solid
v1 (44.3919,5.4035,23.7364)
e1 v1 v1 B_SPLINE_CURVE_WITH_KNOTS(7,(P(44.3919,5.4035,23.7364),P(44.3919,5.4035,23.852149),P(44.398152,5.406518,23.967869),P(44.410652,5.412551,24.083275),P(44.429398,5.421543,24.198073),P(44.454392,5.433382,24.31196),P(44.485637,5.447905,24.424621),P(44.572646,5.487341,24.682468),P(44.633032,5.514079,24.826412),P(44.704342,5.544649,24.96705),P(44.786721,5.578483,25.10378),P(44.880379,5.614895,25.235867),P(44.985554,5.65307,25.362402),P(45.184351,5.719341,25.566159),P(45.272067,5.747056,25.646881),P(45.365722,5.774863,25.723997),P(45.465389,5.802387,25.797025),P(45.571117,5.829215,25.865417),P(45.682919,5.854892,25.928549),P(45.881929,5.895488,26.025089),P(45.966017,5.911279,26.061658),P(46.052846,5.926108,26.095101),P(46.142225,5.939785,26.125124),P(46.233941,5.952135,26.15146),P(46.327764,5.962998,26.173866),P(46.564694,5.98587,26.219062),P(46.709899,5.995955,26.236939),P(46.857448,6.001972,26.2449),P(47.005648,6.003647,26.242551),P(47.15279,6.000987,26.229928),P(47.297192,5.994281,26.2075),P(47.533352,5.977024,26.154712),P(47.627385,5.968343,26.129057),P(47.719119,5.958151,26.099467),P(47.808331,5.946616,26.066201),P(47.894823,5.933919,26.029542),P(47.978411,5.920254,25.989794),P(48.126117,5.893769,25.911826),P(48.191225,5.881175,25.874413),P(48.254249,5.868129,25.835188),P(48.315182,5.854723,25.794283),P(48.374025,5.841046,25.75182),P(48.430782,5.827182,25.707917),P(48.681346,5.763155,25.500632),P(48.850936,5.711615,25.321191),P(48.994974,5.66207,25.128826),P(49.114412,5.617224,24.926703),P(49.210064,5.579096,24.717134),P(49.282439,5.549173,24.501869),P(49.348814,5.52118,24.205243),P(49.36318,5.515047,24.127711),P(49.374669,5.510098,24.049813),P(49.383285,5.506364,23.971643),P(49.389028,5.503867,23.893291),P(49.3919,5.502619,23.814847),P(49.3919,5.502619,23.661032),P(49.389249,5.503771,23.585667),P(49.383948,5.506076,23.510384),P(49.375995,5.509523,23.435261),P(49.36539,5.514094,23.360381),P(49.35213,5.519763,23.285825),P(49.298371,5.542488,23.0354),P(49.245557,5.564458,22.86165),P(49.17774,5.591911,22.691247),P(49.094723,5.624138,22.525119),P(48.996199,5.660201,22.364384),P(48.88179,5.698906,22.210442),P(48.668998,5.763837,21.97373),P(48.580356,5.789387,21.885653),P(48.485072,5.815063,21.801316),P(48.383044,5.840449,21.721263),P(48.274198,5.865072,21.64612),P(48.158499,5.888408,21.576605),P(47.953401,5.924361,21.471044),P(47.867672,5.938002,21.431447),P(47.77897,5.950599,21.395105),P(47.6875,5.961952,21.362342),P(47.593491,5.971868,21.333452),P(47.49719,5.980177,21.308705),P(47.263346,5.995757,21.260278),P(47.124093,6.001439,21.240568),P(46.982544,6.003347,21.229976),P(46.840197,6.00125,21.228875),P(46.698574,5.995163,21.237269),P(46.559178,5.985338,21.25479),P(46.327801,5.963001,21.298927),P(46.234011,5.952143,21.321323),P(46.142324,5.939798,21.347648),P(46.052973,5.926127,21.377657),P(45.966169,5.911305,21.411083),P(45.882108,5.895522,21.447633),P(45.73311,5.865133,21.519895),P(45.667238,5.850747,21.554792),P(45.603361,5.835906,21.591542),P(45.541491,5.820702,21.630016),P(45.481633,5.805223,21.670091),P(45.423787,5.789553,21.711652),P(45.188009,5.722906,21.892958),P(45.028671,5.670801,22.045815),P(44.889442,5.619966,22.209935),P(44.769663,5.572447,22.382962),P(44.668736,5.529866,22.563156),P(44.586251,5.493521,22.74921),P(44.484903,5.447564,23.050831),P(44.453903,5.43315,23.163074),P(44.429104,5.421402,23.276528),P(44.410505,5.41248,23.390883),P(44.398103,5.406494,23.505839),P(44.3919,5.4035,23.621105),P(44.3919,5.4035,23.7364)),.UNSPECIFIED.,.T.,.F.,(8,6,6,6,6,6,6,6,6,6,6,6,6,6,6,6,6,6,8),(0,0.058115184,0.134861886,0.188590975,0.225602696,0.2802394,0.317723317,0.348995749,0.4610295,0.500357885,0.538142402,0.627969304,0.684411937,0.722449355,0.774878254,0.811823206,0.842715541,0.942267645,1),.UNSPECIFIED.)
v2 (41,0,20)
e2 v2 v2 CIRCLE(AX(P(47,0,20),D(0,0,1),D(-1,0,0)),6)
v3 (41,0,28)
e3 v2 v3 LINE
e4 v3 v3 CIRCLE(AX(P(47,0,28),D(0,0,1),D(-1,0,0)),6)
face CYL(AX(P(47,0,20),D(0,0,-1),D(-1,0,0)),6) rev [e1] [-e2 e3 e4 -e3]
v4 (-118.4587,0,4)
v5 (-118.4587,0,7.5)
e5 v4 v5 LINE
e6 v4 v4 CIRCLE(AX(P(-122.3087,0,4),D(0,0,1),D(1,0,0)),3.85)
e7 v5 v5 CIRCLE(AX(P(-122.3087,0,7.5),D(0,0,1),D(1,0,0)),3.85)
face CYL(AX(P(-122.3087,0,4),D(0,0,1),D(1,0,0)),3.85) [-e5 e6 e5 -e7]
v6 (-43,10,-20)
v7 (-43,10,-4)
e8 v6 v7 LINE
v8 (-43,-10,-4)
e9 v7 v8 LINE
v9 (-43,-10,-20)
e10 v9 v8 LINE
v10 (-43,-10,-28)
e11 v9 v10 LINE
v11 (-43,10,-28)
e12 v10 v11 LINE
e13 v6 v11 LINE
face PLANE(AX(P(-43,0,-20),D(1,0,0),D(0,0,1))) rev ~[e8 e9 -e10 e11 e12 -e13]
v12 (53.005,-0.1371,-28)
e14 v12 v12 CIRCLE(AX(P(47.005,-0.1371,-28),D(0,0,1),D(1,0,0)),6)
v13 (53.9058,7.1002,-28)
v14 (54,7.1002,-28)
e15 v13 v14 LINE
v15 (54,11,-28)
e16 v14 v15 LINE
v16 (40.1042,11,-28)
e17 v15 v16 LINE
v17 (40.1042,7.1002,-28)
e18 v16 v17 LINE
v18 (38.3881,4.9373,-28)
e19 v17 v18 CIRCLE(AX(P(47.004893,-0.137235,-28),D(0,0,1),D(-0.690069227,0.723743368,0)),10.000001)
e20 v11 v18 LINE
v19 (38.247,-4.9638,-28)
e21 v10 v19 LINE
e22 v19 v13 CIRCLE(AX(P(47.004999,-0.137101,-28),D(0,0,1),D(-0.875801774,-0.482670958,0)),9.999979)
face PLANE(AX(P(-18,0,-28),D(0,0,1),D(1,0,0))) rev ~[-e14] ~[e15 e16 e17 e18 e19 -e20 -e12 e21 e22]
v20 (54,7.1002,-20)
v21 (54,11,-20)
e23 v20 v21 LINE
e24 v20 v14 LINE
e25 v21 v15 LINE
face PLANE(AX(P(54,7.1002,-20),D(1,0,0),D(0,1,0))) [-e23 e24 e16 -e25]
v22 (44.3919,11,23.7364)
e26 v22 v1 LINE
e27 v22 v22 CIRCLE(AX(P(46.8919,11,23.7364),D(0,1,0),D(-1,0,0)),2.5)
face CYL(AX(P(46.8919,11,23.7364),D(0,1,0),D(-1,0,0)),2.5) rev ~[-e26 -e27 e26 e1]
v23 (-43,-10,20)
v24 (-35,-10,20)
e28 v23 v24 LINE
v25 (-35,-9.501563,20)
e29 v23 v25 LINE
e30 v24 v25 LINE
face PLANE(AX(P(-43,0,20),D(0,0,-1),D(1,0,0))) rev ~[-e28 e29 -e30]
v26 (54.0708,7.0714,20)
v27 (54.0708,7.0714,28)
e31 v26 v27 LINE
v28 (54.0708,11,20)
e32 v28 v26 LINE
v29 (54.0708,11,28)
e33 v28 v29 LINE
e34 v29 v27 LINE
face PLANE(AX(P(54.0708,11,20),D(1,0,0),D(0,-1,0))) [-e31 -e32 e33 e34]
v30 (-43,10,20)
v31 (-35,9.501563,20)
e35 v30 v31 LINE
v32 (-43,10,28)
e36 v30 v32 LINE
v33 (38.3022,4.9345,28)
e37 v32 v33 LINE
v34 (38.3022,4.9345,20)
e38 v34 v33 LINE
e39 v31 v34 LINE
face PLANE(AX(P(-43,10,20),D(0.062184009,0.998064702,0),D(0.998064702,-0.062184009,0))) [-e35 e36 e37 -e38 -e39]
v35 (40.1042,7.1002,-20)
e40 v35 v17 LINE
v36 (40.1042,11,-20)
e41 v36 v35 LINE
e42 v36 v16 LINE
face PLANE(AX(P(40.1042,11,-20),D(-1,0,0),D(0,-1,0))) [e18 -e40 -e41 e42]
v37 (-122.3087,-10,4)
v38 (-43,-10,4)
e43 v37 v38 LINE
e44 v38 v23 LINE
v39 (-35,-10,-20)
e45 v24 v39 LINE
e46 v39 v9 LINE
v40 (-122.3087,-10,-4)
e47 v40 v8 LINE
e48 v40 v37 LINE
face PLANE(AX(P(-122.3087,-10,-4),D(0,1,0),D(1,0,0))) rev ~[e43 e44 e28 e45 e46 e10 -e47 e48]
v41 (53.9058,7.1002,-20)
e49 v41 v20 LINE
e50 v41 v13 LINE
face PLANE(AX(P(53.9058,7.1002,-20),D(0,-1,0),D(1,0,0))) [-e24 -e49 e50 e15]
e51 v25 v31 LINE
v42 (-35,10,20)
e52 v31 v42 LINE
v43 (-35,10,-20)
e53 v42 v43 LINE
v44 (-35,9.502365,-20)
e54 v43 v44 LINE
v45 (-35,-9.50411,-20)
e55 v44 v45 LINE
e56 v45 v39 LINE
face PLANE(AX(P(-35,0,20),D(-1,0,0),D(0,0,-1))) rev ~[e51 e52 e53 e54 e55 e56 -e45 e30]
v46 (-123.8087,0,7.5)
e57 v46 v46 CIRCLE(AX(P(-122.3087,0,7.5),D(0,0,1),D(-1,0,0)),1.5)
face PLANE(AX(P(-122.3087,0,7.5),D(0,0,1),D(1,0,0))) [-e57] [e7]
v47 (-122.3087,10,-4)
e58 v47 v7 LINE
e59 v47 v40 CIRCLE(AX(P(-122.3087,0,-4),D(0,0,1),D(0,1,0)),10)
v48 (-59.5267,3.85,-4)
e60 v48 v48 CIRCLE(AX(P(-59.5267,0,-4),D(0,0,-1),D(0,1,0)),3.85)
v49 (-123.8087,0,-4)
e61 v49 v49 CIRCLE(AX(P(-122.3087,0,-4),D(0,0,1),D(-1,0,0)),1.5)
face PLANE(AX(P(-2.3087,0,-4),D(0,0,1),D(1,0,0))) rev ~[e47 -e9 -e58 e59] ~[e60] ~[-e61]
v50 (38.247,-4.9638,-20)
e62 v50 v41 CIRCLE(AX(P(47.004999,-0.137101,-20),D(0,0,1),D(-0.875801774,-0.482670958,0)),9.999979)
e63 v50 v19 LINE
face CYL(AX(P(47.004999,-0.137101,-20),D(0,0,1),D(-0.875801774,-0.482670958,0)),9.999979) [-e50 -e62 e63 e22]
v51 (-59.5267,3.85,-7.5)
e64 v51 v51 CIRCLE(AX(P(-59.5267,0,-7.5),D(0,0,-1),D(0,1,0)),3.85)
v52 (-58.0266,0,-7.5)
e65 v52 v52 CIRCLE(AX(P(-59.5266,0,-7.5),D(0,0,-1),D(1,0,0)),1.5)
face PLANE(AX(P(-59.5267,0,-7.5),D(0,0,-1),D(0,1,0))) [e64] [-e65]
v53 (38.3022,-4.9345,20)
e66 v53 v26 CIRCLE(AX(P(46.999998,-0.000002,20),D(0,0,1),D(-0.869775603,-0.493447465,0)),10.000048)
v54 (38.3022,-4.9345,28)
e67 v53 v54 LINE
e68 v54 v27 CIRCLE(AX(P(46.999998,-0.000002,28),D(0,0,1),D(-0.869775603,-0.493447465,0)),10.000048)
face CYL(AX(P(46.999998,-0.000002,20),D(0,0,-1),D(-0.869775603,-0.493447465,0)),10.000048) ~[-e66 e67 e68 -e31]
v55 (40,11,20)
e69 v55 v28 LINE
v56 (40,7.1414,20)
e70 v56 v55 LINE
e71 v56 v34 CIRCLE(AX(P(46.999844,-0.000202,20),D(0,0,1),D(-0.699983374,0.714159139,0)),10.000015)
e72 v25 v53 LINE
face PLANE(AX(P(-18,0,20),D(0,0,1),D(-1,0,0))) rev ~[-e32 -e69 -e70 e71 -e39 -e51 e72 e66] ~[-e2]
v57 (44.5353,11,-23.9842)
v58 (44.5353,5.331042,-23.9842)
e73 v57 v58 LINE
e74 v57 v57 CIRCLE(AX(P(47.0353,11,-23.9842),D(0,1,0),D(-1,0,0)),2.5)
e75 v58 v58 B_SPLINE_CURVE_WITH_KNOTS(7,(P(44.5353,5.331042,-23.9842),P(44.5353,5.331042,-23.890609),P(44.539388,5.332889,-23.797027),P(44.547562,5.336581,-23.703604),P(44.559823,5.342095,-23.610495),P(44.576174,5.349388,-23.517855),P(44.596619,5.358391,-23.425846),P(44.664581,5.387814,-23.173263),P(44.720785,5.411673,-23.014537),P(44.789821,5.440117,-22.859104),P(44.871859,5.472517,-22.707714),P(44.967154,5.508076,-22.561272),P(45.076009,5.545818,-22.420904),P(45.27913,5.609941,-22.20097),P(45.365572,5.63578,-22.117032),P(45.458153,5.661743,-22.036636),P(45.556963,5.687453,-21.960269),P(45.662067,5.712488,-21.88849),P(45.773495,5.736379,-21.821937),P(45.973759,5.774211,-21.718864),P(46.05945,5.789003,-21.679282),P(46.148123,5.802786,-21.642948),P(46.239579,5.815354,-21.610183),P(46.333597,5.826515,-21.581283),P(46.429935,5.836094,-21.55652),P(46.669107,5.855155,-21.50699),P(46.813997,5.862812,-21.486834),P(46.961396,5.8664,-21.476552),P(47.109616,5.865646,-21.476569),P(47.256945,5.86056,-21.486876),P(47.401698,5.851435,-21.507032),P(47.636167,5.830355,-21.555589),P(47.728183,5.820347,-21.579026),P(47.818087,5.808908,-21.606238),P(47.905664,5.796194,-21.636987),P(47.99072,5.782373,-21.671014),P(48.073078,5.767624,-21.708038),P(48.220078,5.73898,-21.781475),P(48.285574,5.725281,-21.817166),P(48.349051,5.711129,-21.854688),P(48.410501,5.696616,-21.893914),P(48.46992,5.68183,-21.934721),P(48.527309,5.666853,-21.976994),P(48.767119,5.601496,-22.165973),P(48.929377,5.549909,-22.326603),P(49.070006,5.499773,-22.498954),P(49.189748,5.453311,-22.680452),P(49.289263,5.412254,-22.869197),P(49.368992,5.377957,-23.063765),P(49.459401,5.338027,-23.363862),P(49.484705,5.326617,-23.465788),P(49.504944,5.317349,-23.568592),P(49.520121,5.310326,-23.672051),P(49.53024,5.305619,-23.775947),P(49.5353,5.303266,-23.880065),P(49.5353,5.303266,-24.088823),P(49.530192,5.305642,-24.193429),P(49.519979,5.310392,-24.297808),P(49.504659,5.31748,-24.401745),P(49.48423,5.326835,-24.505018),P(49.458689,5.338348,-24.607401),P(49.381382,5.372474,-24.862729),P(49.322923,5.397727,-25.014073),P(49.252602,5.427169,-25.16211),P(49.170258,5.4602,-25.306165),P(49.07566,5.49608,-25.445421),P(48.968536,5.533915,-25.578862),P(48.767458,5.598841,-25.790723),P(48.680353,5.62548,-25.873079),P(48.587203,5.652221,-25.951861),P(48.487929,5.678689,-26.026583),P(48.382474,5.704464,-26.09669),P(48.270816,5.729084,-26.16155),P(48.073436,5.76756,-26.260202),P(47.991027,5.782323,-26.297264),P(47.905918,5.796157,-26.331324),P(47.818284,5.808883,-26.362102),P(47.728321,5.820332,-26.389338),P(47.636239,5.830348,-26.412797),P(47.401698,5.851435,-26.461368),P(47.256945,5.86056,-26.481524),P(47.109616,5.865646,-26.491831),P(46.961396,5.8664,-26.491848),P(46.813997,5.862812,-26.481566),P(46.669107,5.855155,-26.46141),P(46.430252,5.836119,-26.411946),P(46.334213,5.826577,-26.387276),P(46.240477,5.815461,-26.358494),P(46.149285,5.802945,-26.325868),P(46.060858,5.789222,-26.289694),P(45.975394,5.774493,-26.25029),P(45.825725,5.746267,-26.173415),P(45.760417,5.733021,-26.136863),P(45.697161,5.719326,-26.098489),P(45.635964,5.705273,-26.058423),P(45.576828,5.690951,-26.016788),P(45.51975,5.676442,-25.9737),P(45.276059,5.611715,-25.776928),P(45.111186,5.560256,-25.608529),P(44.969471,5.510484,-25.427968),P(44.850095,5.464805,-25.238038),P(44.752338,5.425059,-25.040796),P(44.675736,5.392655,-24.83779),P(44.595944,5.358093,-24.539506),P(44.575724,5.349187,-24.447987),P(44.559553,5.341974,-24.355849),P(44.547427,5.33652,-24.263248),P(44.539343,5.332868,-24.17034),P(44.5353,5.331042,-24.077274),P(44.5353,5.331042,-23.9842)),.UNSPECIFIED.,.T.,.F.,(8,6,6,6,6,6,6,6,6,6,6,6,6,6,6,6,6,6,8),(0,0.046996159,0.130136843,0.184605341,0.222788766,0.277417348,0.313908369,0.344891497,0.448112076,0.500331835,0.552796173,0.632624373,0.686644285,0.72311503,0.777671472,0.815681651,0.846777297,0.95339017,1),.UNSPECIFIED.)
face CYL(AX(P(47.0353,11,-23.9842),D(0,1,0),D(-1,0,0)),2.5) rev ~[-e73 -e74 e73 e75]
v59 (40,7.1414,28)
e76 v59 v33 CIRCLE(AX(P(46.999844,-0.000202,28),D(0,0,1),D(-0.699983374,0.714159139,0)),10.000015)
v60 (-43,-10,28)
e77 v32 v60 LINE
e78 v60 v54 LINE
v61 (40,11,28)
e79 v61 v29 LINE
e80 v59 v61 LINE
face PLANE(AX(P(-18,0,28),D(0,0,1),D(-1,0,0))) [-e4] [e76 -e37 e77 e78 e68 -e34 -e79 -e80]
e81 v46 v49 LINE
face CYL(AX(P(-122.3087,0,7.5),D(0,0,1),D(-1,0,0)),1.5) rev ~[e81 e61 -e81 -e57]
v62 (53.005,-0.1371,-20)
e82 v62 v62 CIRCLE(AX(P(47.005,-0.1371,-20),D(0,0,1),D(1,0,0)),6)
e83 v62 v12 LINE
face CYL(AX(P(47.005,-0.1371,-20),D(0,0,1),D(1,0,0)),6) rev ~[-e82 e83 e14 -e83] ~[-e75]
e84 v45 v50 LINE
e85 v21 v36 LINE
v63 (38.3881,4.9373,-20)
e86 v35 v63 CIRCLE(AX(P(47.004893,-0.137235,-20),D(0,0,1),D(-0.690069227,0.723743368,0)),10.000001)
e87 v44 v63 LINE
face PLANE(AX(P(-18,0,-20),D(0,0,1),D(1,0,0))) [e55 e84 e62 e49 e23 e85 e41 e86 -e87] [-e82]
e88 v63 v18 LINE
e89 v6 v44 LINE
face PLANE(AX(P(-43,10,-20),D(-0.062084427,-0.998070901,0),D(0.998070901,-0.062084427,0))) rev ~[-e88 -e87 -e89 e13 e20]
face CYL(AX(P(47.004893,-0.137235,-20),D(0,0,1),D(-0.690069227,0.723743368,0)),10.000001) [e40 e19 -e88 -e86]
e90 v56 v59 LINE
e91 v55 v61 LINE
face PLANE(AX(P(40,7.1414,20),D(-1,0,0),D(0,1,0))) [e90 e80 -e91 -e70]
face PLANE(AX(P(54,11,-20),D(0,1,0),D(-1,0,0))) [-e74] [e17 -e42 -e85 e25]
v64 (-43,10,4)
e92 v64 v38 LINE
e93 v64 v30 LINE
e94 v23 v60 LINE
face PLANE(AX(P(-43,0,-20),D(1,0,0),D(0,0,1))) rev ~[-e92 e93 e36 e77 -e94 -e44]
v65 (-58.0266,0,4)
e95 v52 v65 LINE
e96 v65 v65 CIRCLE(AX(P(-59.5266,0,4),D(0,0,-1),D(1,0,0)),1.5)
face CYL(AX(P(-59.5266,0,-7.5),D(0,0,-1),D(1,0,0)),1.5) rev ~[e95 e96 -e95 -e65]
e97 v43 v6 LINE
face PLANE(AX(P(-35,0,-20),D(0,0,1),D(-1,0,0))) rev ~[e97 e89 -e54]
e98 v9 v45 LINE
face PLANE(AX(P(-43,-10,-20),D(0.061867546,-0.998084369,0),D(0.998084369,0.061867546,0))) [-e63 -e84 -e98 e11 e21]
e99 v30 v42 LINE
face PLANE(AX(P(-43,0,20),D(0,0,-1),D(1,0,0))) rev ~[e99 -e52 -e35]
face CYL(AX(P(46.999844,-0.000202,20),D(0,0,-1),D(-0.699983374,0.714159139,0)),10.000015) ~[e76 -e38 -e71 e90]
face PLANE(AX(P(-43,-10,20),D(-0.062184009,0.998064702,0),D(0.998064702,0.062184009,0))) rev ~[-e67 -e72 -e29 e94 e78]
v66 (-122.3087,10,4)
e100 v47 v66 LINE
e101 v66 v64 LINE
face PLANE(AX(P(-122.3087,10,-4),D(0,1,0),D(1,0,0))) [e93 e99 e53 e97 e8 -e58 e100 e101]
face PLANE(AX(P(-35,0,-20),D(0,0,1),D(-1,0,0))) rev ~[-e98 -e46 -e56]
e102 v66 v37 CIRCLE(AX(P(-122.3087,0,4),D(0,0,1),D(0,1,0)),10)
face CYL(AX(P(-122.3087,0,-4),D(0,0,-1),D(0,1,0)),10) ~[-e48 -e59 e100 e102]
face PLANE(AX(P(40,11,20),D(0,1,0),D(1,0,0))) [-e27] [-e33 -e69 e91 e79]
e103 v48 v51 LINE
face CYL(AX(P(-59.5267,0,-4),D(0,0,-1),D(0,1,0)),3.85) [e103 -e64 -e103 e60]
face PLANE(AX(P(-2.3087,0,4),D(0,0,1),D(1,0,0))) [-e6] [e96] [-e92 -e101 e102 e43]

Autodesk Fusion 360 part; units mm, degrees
sketch "Sketch1" plane through (0, 0, 0) normal (0, 0, 1) x (1, 0, 0)
  circle A0 centre (-60, 0) radius 3.75 construction
  circle A1 centre (-60, 0) radius 10 construction
  line L0 (-120, 10) -> (-40.6913, 10)
  line L1 (-120, -10) -> (-40.6913, -10)
  line L2 (-40.6913, 10) -> (-40.6913, -10)
  arc A2 (-120, 10) -> (-120, -10) centre (-120, 0) ccw
  dimension "d1" = 20
  dimension "d2" = 7.5
  dimension "d3" = 60
  dimension "d4" = 20
extrude "Extrude1" add sketch "Sketch1" along normal blind 8 makes body 1
sketch "Sketch2" plane through (0, 0, 0) normal (0, 1, 0) x (1, 0, 0)
  line L0 (-43, -20) -> (-35, -20)
  line L1 (-35, -20) -> (-35, 20)
  line L2 (-35, 20) -> (-43, 20)
  line L3 (-43, 20) -> (-43, -20)
  dimension "d7" = 8
  dimension "d8" = 40
extrude "Extrude2" add sketch "Sketch2" along normal blind 10 and the other way blind 10 separate body makes body 2
copy_body "Body->Comp1" bodies 1 removing the originals makes body 3 in component "section 1 (l4)"
copy_body "Body->Comp2" bodies 2 removing the originals makes body 4 in component "middle bit"
sketch "Sketch3" plane through (0, 0, 8) normal (0, 0, 1) x (-1, 0, 0)
  line L0 (40.6913, -10) -> (120, -10)
  arc A0 (120, -10) -> (120, 10) centre (120, 0) ccw
  line L1 (120, 10) -> (40.6913, 10)
  line L2 (40.6913, 10) -> (40.6913, -10)
  line L3 (25, -10) -> (25, 10)
  line L4 (25, -10) -> (-56.3022, -4.9345)
  line L5 (25, 10) -> (-56.3022, 4.9345)
  line L6 (-58, -11) -> (-72.0708, -11)
  line L7 (-72.0708, -11) -> (-72.0708, -7.0714)
  line L8 (-58, -7.0714) -> (-58, -11)
  arc A1 (-58, -7.1414) -> (-56.3022, -4.9345) centre (-65, 0) ccw
  arc A2 (-56.3022, 4.9345) -> (-72.0708, -7.0714) centre (-65, 0) ccw
  circle A3 centre (-65, 0) radius 6
  dimension "d17" = 20
  dimension "d18" = 90
  dimension "d19" = 12
extrude "Extrude3" add sketch "Sketch3" along normal blind 8 separate body contours L3 L4 L5 L6 L7 L8 A1 A2 makes body 5
sketch "Sketch5" plane through (0, 0, 0) normal (0, 0, 1) x (1, 0, 0)
  circle A0 centre (65.005, -0.1371) radius 6
  line L0 (-25, -10) -> (-25, 10)
  line L1 (-25, 10) -> (56.3881, 4.9373)
  line L2 (-25, -10) -> (56.247, -4.9638)
  line L3 (71.9058, 7.1002) -> (72, 7.1002)
  line L4 (72, 7.1002) -> (72, 11)
  line L5 (72, 11) -> (58.1042, 11)
  line L6 (58.1042, 11) -> (58.1042, 7.1002)
  arc A1 (56.247, -4.9638) -> (71.9058, 7.1002) centre (65.005, -0.1371) ccw
  arc A2 (58.1042, 7.1002) -> (56.3881, 4.9373) centre (65.005, -0.1371) ccw
  dimension "d24" = 20
  dimension "d25" = 12
extrude "Extrude4" add sketch "Sketch5" against normal blind 8 separate body makes body 6
copy_body "Body->Comp3" bodies 5 removing the originals makes body 7 in component "top arm "
copy_body "Body->Comp4" bodies 6 removing the originals makes body 8 in component "bottom arm"
cylinder "CylinderPrimitive1" add diameter 7.7 height 3.5 placed x (1, 0, 0) y (0, 1, 0) z (0, 0, 1) at (-120, 0, 8) bodies 3 in component "section 1 (l4)"
cylinder "CylinderPrimitive2" add diameter 7.7 height 3.5 placed x (0, 1, 0) y (1, 0, 0) z (0, 0, -1) at (-57.218, 0, 0) bodies 3 in component "section 1 (l4)"
sketch "Sketch9" plane through (-0.218, 11, 0) normal (0, 1, 0) x (-1, 0, 0)
  line L0 (-54.2887, 20) -> (-40.218, 20)
  line L1 (-40.218, 20) -> (-40.218, 28)
  line L2 (-40.218, 28) -> (-54.2887, 28)
  line L3 (-54.2887, 28) -> (-54.2887, 20)
  circle A0 centre (-47.1099, 23.7364) radius 2.5
  circle A1 centre (-47.2533, -23.9842) radius 2.5
  dimension "d44" = 5
  dimension "d45" = 5
extrude "Extrude1'" cut sketch "Sketch9" against normal blind 10 contours A0 | A1 sketch seen with x (1, 0, 0) y (0, 1, 0) z (0, 0, 1) at (18, 0, -12) bodies 7 in component "top arm "
extrude "Extrude1''" cut sketch "Sketch9" against normal blind 10 contours A0 | A1 sketch seen with x (1, 0, 0) y (0, 1, 0) z (0, 0, 1) at (18, 0, 20) bodies 8 in component "bottom arm"
combine "Combine1" operation add target body 3 tool bodies 7 8 4 body 7 seen with x (1, 0, 0) y (0, 1, 0) z (0, 0, 1) at (-15.6913, 0, 16) body 8 seen with x (1, 0, 0) y (0, 1, 0) z (0, 0, 1) at (-15.6913, 0, -16) body 4 seen with x (1, 0, 0) y (0, 1, 0) z (0, 0, 1) at (2.3087, 0, 4) in component "section 1 (l4)"
sketch "Sketch10" plane through (0, 0, 7.5) normal (0, 0, 1) x (-1, 0, 0)
  circle A0 centre (122.3087, 0) radius 3.85
  circle A1 centre (122.3087, 0) radius 1.5
  dimension "d50" = 3
extrude "Extrude1'''" cut sketch "Sketch10" against normal blind 18 contours A1 sketch seen with x (1, 0, 0) y (0, 1, 0) z (0, 0, 1) at (2.3087, 0, 4) bodies 3 in component "section 1 (l4)"
sketch "Sketch11" plane through (0, 0, -7.5) normal (0, 0, -1) x (1, 0, 0)
  circle A0 centre (-59.5266, 0) radius 3.85
  circle A1 centre (-59.5266, 0) radius 1.5
  dimension "d53" = 3
extrude "Extrude2'" cut sketch "Sketch11" against normal blind 14 contours A1 sketch seen with x (1, 0, 0) y (0, 1, 0) z (0, 0, 1) at (2.3087, 0, 4) bodies 3 in component "section 1 (l4)"
component "section 1 (l4)" placed x (1, 0, 0) y (0, 1, 0) z (0, 0, 1) at (-2.3087, 0, -4)
component "middle bit" placed x (1, 0, 0) y (0, 1, 0) z (0, 0, 1) at (0, 0, 0)
component "top arm " placed x (1, 0, 0) y (0, 1, 0) z (0, 0, 1) at (-18, 0, 12)
component "bottom arm" placed x (1, 0, 0) y (0, 1, 0) z (0, 0, 1) at (-18, 0, -20)
